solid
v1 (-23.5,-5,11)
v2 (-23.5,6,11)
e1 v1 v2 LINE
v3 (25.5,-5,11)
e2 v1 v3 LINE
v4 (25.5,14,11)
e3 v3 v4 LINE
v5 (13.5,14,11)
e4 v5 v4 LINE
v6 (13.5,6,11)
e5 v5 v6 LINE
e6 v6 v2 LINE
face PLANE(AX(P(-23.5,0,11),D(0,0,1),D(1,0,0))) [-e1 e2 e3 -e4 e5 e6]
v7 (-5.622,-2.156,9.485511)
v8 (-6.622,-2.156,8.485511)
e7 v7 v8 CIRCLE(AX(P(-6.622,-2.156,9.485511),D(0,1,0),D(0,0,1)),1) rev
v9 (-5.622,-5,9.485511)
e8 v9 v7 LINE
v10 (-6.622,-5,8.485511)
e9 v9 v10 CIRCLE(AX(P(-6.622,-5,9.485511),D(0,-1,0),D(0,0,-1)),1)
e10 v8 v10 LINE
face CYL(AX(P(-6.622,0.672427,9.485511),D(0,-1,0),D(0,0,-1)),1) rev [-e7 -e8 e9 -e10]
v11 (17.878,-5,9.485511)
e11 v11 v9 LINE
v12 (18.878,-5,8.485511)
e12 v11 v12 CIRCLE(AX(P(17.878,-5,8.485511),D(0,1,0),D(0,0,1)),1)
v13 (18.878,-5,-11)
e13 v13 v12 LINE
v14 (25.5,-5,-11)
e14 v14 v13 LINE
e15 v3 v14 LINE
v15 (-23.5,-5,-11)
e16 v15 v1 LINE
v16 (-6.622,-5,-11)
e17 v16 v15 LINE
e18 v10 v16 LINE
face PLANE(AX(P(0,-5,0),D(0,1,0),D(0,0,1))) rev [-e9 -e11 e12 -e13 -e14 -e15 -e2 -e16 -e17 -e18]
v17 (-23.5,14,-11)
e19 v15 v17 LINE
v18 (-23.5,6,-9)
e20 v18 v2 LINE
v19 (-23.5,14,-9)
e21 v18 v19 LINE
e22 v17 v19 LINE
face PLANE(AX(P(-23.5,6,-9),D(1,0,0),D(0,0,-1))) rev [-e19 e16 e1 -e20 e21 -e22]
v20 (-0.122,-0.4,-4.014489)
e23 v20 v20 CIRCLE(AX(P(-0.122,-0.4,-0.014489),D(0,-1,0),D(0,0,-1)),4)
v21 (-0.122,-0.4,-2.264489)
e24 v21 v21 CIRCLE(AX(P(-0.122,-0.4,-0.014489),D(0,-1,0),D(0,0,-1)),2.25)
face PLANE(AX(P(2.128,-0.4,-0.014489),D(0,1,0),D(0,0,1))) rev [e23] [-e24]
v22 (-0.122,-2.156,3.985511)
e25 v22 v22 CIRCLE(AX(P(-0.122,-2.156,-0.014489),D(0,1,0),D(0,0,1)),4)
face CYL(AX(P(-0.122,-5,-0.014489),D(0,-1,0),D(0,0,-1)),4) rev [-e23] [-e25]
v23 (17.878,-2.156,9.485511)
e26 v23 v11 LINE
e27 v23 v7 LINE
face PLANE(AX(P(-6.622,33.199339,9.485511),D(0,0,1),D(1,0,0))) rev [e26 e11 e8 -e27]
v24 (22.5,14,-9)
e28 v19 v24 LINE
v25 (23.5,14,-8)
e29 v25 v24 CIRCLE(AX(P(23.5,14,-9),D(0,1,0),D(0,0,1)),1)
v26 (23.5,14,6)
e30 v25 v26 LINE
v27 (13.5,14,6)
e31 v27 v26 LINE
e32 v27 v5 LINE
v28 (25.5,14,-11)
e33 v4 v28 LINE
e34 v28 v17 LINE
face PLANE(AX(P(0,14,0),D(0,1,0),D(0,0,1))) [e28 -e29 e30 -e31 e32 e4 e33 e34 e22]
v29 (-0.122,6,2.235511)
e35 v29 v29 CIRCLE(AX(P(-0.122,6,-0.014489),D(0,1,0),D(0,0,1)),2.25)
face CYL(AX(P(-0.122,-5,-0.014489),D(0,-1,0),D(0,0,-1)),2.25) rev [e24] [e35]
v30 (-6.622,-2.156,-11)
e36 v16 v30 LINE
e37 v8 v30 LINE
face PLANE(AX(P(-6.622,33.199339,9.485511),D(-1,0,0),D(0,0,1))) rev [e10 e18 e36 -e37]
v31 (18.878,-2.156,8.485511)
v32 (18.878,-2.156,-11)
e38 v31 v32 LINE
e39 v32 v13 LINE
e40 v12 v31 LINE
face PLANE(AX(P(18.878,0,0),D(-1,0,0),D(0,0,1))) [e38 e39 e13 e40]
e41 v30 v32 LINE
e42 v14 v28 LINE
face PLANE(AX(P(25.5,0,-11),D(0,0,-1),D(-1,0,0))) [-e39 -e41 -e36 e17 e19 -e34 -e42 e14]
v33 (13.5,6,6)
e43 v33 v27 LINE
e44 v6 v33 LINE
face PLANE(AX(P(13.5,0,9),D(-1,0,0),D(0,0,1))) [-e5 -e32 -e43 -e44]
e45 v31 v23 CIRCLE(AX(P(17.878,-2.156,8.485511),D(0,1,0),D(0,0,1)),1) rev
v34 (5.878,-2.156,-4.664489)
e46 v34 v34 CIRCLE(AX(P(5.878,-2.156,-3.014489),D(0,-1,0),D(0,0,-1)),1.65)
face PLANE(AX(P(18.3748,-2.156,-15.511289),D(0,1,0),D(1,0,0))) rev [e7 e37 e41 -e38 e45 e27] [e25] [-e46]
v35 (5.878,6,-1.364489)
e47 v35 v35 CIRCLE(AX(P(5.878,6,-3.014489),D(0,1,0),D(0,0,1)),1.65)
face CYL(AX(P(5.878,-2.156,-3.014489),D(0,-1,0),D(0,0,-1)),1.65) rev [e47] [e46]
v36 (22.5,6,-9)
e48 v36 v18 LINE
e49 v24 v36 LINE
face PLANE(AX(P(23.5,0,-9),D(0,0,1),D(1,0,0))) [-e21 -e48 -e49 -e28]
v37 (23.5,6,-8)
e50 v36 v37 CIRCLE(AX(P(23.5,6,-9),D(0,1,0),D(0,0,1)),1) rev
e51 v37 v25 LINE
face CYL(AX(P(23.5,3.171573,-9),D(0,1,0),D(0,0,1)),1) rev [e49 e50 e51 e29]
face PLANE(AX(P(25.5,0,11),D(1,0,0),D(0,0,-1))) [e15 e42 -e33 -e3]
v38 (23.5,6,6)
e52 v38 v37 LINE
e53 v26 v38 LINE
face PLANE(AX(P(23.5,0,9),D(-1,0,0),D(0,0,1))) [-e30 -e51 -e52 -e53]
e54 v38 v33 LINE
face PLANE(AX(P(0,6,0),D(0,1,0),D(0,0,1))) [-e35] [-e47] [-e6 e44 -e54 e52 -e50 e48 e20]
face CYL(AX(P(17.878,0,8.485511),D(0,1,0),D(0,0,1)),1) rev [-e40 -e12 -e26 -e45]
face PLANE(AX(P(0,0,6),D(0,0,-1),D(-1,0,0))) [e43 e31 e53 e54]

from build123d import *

# Parameters (mm, degrees)
SKETCH_1_W                = 47
SKETCH_1_H                = 18
EXTRUDE_1_DEPTH           = 6
EXTRUDE_2_DEPTH           = 8
EXTRUDE_2_DEPTH_BACK      = 6
SKETCH_15_W               = 49
SKETCH_15_H               = 22
EXTRUDE_3_DEPTH           = 5
SKETCH_12_W               = 2
SKETCH_12_H               = 8
CUT_EXTRUDE_5_DEPTH       = 37
SKETCH_19_W               = 10
SKETCH_19_H               = 8
EXTRUDE_4_DEPTH           = 3
SKETCH_13_R               = 1
CUT_EXTRUDE_6_DEPTH       = 8
CUT_EXTRUDE_START         = -2.844
SKETCH_5_W                = 25
SKETCH_5_H                = 25
CUT_EXTRUDE_1_DEPTH       = 2.844
HOLE_WIZARD_2_D           = 4.5
HOLE_WIZARD_2_CBORE_D     = 8
HOLE_WIZARD_2_CBORE_DEPTH = 4.6
HOLE_WIZARD_M4_4_D        = 3.3
SKETCH_17_W               = 20.485510756
SKETCH_17_H               = 2.844
CUT_EXTRUDE_8_DEPTH       = 0.5
SKETCH_18_R               = 1
CUT_EXTRUDE_9_DEPTH       = 2.844
FILLET_1_R                = 1


with BuildPart() as part:
    # 草图1 → 凸台-拉伸1 (new body)
    with BuildSketch(Plane(origin=(0, 0, 0), x_dir=(1, 0, 0), z_dir=(0, 1, 0))):
        Rectangle(SKETCH_1_W, SKETCH_1_H)
    extrude(amount=EXTRUDE_1_DEPTH)

    # 草图2 → 凸台-拉伸2 (add, two sides: drawn at the far end of the back side and taken through both)
    with BuildSketch(Plane(origin=(0, 6, 0), x_dir=(1, 0, 0), z_dir=(0, 1, 0)).offset(-EXTRUDE_2_DEPTH_BACK)):
        Polygon((23.5, 9), (-23.5, 9), (-23.5, 11), (25.5, 11), (25.5, -11), (-23.5, -11), (-23.5, -9), (23.5, -9), align=None)
    extrude(amount=EXTRUDE_2_DEPTH + EXTRUDE_2_DEPTH_BACK)

    # 草图15 → 凸台-拉伸3 (add)
    with BuildSketch(Plane(origin=(0, 0, 10), x_dir=(1, 0, 0), z_dir=(0, 1, 0))):
        with Locations((1, 10)):
            Rectangle(SKETCH_15_W, SKETCH_15_H)
    extrude(amount=-EXTRUDE_3_DEPTH)

    # 草图12 → 切除-拉伸5 (cut)
    with BuildSketch(Plane.ZY.offset(23.5)):
        with Locations((10, 10)):
            Rectangle(SKETCH_12_W, SKETCH_12_H)
    extrude(amount=-CUT_EXTRUDE_5_DEPTH, mode=Mode.SUBTRACT)

    # 草图19 → 凸台-拉伸4 (add)
    with BuildSketch(Plane(origin=(0, 0, 9), x_dir=(-1, 0, 0), z_dir=(0, 0, -1))):
        with Locations((-18.5, 10)):
            Rectangle(SKETCH_19_W, SKETCH_19_H)
    extrude(amount=EXTRUDE_4_DEPTH)

    # 草图13 → 切除-拉伸6 (cut)
    with BuildSketch(Plane(origin=(0, 14, 0), x_dir=(1, 0, 0), z_dir=(0, 1, 0))):
        with Locations((23.5, 9)):
            Circle(SKETCH_13_R)
    extrude(amount=-CUT_EXTRUDE_6_DEPTH, mode=Mode.SUBTRACT)

    # 草图5 → 切除-拉伸1 (cut)
    with BuildSketch(Plane.XZ.offset(5).offset(CUT_EXTRUDE_START)):
        with Locations((5.878, -3.014489244)):
            Rectangle(SKETCH_5_W, SKETCH_5_H)
    extrude(amount=CUT_EXTRUDE_1_DEPTH, mode=Mode.SUBTRACT)

    # 打孔尺寸(%根据)内六角圆柱头螺钉的类型2 (through all)
    with Locations(Plane(origin=(-0.122, -5, -0.014489244), x_dir=(0, 0, -1), z_dir=(0, -1, 0))):
        with Locations((0, 0)):
            CounterBoreHole(HOLE_WIZARD_2_D / 2, HOLE_WIZARD_2_CBORE_D / 2, HOLE_WIZARD_2_CBORE_DEPTH)

    # M4 螺纹孔4 (through all)
    with Locations(Plane(origin=(5.878, -2.156, -3.014489244), x_dir=(0, 0, -1), z_dir=(0, -1, 0))):
        with Locations((0, 0)):
            Hole(HOLE_WIZARD_M4_4_D / 2)

    # 草图17 → 切除-拉伸8 (cut)
    with BuildSketch(Plane.ZY.offset(-18.378)):
        with Locations((-0.757244622, -3.578)):
            Rectangle(SKETCH_17_W, SKETCH_17_H)
    extrude(amount=-CUT_EXTRUDE_8_DEPTH, mode=Mode.SUBTRACT)

    # 草图18 → 切除-拉伸9 (cut)
    with BuildSketch(Plane(origin=(0, -5, 0), x_dir=(-1, 0, 0), z_dir=(0, -1, 0))):
        with Locations((6.622, -9.485510756)):
            Circle(SKETCH_18_R)
    extrude(amount=-CUT_EXTRUDE_9_DEPTH, mode=Mode.SUBTRACT)

    # 圆角1
    fillet_1_edges = [part.edges().sort_by_distance(p)[0] for p in [
        (18.878, -3.578, 9.485510756),
    ]]
    fillet(fillet_1_edges, radius=FILLET_1_R)


solid = part.part
